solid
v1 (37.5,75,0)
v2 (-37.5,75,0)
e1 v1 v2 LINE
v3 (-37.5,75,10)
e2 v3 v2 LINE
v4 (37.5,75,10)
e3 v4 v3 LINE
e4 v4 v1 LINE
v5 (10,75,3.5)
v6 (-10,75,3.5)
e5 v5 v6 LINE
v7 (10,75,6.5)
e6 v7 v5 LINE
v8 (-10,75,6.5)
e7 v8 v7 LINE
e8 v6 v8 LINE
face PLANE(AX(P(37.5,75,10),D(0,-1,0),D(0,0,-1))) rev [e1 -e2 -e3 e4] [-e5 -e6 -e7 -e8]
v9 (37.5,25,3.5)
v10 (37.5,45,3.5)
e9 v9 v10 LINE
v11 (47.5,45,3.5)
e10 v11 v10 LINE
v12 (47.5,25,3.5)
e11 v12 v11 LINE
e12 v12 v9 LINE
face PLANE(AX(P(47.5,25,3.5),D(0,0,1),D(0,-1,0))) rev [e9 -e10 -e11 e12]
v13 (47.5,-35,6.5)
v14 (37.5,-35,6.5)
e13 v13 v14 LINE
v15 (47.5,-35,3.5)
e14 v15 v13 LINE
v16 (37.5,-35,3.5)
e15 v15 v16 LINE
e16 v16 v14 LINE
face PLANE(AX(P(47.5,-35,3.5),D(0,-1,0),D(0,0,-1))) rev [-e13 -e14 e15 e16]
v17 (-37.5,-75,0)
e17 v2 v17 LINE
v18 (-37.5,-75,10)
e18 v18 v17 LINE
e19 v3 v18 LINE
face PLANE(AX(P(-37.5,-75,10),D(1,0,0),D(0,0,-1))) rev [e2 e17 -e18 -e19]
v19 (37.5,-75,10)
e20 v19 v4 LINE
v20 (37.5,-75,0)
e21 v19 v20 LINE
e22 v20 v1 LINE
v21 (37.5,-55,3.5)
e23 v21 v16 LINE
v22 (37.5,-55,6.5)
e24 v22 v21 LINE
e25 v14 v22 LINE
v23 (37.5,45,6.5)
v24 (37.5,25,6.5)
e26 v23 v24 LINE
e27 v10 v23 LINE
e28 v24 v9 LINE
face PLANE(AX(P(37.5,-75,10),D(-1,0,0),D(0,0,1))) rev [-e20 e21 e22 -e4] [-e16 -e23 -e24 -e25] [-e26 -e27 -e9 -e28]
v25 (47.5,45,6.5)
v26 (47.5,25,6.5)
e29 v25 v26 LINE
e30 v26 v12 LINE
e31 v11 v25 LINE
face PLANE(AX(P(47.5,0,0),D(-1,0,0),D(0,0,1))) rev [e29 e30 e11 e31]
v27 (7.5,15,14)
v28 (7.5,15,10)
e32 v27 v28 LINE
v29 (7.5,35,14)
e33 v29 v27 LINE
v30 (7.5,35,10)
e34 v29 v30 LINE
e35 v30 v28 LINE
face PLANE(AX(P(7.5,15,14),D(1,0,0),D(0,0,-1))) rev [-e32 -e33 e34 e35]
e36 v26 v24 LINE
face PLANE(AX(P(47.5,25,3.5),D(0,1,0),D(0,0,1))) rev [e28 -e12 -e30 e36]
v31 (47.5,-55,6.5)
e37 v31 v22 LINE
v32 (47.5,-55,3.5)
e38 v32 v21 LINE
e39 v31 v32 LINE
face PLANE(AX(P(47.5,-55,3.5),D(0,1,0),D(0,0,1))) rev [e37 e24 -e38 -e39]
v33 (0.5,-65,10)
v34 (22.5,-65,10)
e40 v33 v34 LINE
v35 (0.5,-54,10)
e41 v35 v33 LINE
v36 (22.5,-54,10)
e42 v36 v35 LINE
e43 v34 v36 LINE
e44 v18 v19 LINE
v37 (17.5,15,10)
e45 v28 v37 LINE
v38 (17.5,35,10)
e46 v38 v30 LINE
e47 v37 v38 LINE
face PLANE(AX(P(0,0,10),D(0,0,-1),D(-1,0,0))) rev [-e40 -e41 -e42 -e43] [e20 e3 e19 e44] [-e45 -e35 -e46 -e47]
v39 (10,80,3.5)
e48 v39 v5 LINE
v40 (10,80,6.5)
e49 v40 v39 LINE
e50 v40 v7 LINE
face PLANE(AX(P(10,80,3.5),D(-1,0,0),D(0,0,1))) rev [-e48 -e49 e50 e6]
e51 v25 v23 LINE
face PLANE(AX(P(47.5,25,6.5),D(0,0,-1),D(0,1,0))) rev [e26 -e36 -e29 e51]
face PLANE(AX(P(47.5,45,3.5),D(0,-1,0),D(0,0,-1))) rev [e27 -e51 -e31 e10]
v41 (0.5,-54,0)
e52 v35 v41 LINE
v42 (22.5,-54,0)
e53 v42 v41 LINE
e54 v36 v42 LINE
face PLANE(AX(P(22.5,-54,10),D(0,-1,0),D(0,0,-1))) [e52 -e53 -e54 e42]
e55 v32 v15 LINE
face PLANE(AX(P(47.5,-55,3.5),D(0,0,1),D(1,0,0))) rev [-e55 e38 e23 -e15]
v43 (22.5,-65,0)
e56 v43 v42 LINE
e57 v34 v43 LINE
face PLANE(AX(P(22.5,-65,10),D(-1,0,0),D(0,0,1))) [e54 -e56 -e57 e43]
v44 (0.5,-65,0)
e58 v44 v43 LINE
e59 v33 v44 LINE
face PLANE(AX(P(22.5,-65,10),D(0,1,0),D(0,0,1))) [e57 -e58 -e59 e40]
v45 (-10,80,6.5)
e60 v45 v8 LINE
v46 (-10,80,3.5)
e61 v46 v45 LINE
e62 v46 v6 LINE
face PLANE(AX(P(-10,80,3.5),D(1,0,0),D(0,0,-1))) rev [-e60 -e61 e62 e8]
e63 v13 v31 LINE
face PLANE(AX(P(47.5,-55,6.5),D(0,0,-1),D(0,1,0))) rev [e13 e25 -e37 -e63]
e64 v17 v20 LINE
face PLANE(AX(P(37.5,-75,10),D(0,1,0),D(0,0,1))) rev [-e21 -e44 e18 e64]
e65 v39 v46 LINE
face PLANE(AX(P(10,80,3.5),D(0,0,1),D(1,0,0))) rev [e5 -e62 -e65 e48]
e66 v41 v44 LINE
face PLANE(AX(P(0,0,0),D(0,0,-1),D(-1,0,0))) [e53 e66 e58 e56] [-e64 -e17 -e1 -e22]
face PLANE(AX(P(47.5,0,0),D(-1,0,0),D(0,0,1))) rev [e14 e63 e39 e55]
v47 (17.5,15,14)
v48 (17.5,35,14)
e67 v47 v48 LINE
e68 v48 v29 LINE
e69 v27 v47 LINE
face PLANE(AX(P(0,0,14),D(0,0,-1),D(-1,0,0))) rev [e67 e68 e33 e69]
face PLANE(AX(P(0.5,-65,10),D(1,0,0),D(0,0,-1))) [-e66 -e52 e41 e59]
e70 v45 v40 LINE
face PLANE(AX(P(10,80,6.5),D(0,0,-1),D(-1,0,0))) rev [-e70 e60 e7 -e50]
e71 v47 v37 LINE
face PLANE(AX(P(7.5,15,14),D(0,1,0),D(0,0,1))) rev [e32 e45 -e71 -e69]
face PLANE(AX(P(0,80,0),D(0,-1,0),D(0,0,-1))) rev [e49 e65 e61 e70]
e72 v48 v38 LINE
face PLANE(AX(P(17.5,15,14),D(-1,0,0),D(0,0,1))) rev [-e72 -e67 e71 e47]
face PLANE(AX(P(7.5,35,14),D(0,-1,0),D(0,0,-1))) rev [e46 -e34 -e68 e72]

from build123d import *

# Parameters (mm, degrees)
SKETCH1_W           = 150
SKETCH1_H           = 75
SKETCH1_W_2         = 11
SKETCH1_H_2         = 22
BOSS_EXTRUDE1_DEPTH = 10
SKETCH2_W           = 10
SKETCH2_H           = 20
BOSS_EXTRUDE2_DEPTH = 4
SKETCH3_W           = 20
SKETCH3_H           = 3
BOSS_EXTRUDE3_DEPTH = 10
SKETCH4_W           = 20
SKETCH4_H           = 3
BOSS_EXTRUDE4_DEPTH = 5


with BuildPart() as part:
    # Sketch1 → Boss-Extrude1 (new body)
    with BuildSketch(Plane(origin=(0, 0, 0), x_dir=(0, 1, 0), z_dir=(0, 0, 1))):
        Rectangle(SKETCH1_W, SKETCH1_H)
        with Locations((-59.5, -11.5)):
            Rectangle(SKETCH1_W_2, SKETCH1_H_2, mode=Mode.SUBTRACT)
    extrude(amount=BOSS_EXTRUDE1_DEPTH)

    # Sketch2 → Boss-Extrude2 (add)
    with BuildSketch(Plane.XY.offset(10)):
        with Locations((12.5, 25)):
            Rectangle(SKETCH2_W, SKETCH2_H)
    extrude(amount=BOSS_EXTRUDE2_DEPTH)

    # Sketch3 → Boss-Extrude3 (add)
    with BuildSketch(Plane.YZ.offset(37.5)):
        with Locations((-45, 5)):
            Rectangle(SKETCH3_W, SKETCH3_H)
        with Locations((35, 5)):
            Rectangle(SKETCH3_W, SKETCH3_H)
    extrude(amount=BOSS_EXTRUDE3_DEPTH)

    # Sketch4 → Boss-Extrude4 (add)
    with BuildSketch(Plane(origin=(0, 75, 0), x_dir=(-1, 0, 0), z_dir=(0, 1, 0))):
        with Locations((0, 5)):
            Rectangle(SKETCH4_W, SKETCH4_H)
    extrude(amount=BOSS_EXTRUDE4_DEPTH)


solid = part.part
